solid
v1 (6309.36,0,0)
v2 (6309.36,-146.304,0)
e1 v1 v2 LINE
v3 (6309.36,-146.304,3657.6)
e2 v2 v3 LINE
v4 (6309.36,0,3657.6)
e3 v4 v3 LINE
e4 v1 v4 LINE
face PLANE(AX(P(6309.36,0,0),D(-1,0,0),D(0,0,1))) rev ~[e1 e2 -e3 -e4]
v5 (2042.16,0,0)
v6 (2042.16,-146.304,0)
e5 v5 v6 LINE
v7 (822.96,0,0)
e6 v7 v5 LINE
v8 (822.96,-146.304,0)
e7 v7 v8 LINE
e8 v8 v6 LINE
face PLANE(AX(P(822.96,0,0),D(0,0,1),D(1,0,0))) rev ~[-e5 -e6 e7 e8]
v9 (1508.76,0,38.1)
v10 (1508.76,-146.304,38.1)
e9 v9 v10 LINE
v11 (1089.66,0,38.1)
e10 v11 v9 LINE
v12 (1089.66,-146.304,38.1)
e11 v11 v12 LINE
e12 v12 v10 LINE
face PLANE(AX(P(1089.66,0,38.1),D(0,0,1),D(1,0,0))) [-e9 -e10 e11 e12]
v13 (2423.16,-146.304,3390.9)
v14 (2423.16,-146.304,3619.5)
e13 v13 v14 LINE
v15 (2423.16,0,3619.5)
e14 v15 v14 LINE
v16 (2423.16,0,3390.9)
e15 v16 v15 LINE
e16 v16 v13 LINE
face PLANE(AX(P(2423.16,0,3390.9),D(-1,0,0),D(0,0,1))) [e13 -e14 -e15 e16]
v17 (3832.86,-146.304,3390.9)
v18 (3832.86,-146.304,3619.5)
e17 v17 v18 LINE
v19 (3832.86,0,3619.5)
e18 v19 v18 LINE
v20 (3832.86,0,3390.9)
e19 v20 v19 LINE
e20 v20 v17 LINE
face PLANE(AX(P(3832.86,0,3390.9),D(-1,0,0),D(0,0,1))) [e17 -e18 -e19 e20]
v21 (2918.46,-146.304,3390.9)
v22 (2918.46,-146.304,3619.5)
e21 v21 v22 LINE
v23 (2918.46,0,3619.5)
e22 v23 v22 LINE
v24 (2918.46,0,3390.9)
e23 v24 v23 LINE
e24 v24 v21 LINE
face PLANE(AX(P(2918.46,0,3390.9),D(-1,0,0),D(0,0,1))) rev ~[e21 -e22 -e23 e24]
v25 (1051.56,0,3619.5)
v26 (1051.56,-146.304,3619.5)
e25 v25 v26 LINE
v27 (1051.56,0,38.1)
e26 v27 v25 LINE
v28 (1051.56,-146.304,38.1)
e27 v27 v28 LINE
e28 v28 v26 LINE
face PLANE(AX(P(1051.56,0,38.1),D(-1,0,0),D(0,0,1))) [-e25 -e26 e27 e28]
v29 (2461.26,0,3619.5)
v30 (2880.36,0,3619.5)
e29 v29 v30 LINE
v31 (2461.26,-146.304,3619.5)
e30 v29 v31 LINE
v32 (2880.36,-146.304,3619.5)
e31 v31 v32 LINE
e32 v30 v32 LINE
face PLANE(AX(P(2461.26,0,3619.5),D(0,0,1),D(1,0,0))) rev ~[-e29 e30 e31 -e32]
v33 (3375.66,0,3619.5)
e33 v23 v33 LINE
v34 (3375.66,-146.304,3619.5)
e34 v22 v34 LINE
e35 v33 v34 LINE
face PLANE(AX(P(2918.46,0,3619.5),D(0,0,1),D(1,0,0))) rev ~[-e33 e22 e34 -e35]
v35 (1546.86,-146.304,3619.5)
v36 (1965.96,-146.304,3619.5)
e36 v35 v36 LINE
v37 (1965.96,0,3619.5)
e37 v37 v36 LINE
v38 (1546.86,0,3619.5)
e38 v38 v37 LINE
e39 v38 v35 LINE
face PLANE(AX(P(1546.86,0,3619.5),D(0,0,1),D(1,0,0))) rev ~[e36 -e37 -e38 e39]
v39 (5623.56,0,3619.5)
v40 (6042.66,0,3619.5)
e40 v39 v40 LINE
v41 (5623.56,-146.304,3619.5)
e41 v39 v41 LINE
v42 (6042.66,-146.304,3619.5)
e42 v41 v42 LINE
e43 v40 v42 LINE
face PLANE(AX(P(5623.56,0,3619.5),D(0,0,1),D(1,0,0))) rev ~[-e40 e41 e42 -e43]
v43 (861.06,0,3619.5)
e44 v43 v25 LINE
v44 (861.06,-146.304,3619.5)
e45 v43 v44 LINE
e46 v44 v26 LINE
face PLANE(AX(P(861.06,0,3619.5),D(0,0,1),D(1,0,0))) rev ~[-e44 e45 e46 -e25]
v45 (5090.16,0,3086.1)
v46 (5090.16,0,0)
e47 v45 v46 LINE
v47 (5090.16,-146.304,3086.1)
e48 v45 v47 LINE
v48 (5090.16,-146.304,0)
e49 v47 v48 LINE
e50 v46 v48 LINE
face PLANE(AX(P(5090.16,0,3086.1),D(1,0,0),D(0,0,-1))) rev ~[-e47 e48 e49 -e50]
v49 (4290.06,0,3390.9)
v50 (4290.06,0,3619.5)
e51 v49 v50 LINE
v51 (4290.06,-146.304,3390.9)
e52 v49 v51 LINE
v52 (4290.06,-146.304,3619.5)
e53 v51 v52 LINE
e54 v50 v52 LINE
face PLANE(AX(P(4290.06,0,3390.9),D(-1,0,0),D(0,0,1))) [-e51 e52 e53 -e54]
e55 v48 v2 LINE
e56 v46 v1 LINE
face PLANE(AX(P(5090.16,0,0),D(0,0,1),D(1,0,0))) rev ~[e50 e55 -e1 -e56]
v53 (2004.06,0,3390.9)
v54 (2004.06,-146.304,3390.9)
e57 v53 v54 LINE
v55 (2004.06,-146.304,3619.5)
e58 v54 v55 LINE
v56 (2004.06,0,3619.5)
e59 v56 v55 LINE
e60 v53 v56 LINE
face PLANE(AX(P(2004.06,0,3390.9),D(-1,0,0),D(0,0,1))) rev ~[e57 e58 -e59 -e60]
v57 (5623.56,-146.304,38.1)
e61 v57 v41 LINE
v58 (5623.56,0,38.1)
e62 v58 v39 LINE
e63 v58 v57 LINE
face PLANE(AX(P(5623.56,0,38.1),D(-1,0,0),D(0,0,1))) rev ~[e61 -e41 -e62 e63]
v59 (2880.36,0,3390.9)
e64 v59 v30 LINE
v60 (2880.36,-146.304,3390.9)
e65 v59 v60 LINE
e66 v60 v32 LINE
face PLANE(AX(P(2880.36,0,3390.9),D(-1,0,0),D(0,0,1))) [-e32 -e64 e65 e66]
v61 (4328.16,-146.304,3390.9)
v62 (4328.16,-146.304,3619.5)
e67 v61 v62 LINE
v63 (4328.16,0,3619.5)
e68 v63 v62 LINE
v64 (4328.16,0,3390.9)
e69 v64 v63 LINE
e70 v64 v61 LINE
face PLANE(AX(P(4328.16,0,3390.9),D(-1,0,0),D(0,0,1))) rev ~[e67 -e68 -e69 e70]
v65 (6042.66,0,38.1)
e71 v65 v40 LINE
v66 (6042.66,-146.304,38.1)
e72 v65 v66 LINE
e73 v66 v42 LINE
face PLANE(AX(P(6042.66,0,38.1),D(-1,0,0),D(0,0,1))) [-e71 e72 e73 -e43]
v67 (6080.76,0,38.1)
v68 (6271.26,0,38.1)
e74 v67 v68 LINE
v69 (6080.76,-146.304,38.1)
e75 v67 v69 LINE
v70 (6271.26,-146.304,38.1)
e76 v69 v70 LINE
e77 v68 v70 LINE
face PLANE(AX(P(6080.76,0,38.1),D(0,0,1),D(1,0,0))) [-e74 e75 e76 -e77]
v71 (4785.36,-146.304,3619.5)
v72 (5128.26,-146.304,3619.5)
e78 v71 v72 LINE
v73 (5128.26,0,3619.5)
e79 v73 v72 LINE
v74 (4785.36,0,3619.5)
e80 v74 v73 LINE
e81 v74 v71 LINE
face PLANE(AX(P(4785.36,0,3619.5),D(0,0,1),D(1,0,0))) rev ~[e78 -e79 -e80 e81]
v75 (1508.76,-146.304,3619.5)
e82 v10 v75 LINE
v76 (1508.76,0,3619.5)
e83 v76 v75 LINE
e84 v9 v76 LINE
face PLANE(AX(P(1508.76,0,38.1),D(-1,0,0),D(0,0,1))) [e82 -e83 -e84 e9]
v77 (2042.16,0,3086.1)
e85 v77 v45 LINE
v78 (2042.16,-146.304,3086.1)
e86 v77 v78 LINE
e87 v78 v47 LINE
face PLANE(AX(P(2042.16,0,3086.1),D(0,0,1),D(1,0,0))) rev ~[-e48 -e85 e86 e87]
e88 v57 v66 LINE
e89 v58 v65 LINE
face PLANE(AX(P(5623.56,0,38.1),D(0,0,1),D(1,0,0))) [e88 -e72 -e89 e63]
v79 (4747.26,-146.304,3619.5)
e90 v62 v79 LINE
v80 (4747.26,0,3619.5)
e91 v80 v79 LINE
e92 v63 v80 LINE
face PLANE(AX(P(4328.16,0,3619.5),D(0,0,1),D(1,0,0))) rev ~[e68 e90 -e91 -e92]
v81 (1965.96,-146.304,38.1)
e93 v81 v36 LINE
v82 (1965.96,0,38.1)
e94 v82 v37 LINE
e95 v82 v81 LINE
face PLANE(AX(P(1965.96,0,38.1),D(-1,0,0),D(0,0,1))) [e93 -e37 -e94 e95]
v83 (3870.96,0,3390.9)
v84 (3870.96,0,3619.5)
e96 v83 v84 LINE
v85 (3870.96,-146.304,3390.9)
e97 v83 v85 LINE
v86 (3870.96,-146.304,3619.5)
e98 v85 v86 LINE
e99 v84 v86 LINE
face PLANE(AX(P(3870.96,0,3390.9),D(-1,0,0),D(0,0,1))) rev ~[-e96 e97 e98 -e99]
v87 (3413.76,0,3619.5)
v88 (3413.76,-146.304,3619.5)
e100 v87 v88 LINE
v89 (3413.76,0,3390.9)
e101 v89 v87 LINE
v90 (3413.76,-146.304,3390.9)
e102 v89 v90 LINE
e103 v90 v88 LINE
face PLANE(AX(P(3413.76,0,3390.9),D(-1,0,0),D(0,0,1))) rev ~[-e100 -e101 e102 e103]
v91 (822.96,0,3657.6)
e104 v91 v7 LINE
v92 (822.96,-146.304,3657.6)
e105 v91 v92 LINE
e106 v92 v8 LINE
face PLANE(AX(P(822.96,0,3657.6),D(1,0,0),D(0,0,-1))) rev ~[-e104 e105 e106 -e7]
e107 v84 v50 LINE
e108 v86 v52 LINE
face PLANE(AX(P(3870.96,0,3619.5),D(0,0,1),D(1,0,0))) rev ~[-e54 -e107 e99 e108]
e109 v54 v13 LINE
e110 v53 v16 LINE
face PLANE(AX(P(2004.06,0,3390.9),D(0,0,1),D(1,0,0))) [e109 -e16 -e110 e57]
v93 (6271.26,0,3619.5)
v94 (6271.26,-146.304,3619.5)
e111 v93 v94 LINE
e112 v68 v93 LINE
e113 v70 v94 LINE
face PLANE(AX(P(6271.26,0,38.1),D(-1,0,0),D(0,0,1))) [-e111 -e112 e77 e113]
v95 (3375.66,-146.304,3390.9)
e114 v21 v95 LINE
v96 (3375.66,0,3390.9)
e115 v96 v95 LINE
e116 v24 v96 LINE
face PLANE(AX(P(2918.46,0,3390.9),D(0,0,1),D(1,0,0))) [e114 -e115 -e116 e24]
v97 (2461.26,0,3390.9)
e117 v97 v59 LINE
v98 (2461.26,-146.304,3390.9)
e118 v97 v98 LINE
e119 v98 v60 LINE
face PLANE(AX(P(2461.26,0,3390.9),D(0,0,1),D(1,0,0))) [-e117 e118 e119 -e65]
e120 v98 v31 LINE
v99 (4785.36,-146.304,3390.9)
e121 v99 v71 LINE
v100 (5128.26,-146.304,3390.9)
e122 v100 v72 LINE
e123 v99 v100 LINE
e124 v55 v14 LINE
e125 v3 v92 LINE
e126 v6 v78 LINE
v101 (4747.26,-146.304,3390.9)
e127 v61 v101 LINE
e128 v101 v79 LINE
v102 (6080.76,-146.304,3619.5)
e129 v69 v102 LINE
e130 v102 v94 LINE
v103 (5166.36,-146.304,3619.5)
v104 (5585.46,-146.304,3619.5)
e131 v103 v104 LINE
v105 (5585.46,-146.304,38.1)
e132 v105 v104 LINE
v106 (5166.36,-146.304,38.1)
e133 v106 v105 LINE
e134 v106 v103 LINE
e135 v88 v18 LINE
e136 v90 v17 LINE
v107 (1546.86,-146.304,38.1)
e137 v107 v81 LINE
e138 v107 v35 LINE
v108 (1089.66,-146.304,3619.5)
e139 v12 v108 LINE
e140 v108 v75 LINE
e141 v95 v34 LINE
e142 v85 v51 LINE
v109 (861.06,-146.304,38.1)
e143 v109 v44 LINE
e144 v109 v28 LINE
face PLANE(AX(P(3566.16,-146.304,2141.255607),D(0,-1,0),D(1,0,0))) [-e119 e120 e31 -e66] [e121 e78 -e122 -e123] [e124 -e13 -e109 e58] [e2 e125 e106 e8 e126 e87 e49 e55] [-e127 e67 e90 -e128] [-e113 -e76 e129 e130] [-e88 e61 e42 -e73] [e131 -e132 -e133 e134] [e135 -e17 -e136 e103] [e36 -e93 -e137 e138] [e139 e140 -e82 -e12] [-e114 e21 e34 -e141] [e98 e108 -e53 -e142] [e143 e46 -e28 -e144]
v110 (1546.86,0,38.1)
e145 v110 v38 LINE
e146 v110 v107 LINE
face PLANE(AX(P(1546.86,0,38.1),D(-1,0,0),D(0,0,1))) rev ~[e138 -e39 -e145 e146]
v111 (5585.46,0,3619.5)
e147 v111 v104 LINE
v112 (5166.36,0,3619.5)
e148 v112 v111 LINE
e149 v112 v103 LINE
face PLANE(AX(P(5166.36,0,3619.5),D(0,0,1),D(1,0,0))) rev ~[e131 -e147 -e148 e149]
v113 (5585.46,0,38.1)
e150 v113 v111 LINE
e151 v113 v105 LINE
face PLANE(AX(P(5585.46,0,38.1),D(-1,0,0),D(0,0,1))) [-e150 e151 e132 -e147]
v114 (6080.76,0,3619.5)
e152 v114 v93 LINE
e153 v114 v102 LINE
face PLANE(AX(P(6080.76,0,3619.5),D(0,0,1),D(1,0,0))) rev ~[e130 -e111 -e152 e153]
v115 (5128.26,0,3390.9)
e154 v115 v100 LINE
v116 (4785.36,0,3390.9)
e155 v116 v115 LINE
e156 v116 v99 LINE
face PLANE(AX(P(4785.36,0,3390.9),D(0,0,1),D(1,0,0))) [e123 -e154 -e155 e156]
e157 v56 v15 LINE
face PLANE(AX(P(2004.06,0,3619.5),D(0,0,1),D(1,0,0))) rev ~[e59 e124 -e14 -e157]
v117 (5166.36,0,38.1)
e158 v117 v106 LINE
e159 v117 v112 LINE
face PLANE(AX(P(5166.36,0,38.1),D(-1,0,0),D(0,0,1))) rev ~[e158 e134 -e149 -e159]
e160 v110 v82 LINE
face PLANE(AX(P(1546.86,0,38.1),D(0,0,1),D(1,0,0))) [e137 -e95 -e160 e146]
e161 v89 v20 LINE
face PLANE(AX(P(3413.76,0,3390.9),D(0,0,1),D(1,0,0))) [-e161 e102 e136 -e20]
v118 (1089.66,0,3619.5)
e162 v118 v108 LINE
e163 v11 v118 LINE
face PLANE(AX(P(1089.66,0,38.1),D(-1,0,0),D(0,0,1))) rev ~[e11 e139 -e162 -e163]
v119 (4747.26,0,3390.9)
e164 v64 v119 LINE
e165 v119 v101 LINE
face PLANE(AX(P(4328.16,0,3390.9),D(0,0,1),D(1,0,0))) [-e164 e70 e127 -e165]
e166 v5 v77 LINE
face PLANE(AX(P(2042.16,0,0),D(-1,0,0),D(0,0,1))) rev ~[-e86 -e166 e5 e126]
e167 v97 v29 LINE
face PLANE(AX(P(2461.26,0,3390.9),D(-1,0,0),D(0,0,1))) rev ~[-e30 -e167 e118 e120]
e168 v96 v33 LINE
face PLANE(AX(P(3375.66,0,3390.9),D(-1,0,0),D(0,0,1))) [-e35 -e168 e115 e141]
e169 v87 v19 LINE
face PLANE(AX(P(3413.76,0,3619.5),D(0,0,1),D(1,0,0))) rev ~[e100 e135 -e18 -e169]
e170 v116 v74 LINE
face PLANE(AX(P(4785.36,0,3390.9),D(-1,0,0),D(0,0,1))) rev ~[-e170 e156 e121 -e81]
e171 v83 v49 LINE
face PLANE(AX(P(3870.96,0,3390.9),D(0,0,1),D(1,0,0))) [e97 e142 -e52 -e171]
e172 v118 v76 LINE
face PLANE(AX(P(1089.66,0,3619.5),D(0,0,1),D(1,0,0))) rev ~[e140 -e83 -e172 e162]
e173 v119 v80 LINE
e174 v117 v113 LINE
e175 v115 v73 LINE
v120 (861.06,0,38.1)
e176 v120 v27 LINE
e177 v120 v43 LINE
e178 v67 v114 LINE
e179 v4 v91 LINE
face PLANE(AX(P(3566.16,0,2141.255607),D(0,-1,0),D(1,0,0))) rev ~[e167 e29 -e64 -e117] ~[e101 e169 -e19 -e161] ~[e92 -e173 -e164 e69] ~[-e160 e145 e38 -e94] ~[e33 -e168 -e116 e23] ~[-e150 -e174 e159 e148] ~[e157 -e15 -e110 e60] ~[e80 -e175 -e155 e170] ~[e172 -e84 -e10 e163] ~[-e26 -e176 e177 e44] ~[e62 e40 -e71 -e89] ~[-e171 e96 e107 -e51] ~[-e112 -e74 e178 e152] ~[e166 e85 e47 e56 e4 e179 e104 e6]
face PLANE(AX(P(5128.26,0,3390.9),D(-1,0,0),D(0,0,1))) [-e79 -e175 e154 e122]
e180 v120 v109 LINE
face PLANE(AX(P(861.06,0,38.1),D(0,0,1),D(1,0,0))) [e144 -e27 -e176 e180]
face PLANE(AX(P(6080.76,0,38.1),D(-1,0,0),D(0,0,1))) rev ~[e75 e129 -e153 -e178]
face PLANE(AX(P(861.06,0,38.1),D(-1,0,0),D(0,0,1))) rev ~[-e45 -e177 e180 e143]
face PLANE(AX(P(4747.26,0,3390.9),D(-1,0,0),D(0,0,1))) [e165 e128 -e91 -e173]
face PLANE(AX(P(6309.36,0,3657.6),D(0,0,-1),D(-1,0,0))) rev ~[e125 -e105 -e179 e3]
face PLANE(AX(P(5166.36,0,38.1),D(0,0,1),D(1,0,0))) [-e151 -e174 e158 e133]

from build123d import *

# Parameters (mm, degrees)
F0_W     = 190.5
F0_H     = 3581.4
F0_W_2   = 419.1
F0_H_2   = 228.6
F0_W_3   = 457.2
F0_W_4   = 342.9
F1_DEPTH = 146.304


with BuildPart() as f1:
    # F0 (on Front) → F1 (new body)
    with BuildSketch(Plane.XZ):
        Polygon((822.96, 38.1), (822.96, 0), (2042.16, 0), (2042.16, 38.1), (2042.16, 3086.1), (5090.16, 3086.1), (5090.16, 38.1), (5090.16, 0), (6309.36, 0), (6309.36, 38.1), (6309.36, 3619.5), (6309.36, 3657.6), (822.96, 3657.6), (822.96, 3619.5), align=None)
        with Locations((956.31, 1828.8)):
            Rectangle(F0_W, F0_H, mode=Mode.SUBTRACT)
        with Locations((1299.21, 1828.8)):
            Rectangle(F0_W_2, F0_H, mode=Mode.SUBTRACT)
        with Locations((1756.41, 1828.8)):
            Rectangle(F0_W_2, F0_H, mode=Mode.SUBTRACT)
        with Locations((2213.61, 3505.2)):
            Rectangle(F0_W_2, F0_H_2, mode=Mode.SUBTRACT)
        with Locations((2670.81, 3505.2)):
            Rectangle(F0_W_2, F0_H_2, mode=Mode.SUBTRACT)
        with Locations((3147.06, 3505.2)):
            Rectangle(F0_W_3, F0_H_2, mode=Mode.SUBTRACT)
        with Locations((5375.91, 1828.8)):
            Rectangle(F0_W_2, F0_H, mode=Mode.SUBTRACT)
        with Locations((5833.11, 1828.8)):
            Rectangle(F0_W_2, F0_H, mode=Mode.SUBTRACT)
        with Locations((6176.01, 1828.8)):
            Rectangle(F0_W, F0_H, mode=Mode.SUBTRACT)
        with Locations((3623.31, 3505.2)):
            Rectangle(F0_W_2, F0_H_2, mode=Mode.SUBTRACT)
        with Locations((4080.51, 3505.2)):
            Rectangle(F0_W_2, F0_H_2, mode=Mode.SUBTRACT)
        with Locations((4537.71, 3505.2)):
            Rectangle(F0_W_2, F0_H_2, mode=Mode.SUBTRACT)
        with Locations((4956.81, 3505.2)):
            Rectangle(F0_W_4, F0_H_2, mode=Mode.SUBTRACT)
    extrude(amount=F1_DEPTH)


solid = f1.part
